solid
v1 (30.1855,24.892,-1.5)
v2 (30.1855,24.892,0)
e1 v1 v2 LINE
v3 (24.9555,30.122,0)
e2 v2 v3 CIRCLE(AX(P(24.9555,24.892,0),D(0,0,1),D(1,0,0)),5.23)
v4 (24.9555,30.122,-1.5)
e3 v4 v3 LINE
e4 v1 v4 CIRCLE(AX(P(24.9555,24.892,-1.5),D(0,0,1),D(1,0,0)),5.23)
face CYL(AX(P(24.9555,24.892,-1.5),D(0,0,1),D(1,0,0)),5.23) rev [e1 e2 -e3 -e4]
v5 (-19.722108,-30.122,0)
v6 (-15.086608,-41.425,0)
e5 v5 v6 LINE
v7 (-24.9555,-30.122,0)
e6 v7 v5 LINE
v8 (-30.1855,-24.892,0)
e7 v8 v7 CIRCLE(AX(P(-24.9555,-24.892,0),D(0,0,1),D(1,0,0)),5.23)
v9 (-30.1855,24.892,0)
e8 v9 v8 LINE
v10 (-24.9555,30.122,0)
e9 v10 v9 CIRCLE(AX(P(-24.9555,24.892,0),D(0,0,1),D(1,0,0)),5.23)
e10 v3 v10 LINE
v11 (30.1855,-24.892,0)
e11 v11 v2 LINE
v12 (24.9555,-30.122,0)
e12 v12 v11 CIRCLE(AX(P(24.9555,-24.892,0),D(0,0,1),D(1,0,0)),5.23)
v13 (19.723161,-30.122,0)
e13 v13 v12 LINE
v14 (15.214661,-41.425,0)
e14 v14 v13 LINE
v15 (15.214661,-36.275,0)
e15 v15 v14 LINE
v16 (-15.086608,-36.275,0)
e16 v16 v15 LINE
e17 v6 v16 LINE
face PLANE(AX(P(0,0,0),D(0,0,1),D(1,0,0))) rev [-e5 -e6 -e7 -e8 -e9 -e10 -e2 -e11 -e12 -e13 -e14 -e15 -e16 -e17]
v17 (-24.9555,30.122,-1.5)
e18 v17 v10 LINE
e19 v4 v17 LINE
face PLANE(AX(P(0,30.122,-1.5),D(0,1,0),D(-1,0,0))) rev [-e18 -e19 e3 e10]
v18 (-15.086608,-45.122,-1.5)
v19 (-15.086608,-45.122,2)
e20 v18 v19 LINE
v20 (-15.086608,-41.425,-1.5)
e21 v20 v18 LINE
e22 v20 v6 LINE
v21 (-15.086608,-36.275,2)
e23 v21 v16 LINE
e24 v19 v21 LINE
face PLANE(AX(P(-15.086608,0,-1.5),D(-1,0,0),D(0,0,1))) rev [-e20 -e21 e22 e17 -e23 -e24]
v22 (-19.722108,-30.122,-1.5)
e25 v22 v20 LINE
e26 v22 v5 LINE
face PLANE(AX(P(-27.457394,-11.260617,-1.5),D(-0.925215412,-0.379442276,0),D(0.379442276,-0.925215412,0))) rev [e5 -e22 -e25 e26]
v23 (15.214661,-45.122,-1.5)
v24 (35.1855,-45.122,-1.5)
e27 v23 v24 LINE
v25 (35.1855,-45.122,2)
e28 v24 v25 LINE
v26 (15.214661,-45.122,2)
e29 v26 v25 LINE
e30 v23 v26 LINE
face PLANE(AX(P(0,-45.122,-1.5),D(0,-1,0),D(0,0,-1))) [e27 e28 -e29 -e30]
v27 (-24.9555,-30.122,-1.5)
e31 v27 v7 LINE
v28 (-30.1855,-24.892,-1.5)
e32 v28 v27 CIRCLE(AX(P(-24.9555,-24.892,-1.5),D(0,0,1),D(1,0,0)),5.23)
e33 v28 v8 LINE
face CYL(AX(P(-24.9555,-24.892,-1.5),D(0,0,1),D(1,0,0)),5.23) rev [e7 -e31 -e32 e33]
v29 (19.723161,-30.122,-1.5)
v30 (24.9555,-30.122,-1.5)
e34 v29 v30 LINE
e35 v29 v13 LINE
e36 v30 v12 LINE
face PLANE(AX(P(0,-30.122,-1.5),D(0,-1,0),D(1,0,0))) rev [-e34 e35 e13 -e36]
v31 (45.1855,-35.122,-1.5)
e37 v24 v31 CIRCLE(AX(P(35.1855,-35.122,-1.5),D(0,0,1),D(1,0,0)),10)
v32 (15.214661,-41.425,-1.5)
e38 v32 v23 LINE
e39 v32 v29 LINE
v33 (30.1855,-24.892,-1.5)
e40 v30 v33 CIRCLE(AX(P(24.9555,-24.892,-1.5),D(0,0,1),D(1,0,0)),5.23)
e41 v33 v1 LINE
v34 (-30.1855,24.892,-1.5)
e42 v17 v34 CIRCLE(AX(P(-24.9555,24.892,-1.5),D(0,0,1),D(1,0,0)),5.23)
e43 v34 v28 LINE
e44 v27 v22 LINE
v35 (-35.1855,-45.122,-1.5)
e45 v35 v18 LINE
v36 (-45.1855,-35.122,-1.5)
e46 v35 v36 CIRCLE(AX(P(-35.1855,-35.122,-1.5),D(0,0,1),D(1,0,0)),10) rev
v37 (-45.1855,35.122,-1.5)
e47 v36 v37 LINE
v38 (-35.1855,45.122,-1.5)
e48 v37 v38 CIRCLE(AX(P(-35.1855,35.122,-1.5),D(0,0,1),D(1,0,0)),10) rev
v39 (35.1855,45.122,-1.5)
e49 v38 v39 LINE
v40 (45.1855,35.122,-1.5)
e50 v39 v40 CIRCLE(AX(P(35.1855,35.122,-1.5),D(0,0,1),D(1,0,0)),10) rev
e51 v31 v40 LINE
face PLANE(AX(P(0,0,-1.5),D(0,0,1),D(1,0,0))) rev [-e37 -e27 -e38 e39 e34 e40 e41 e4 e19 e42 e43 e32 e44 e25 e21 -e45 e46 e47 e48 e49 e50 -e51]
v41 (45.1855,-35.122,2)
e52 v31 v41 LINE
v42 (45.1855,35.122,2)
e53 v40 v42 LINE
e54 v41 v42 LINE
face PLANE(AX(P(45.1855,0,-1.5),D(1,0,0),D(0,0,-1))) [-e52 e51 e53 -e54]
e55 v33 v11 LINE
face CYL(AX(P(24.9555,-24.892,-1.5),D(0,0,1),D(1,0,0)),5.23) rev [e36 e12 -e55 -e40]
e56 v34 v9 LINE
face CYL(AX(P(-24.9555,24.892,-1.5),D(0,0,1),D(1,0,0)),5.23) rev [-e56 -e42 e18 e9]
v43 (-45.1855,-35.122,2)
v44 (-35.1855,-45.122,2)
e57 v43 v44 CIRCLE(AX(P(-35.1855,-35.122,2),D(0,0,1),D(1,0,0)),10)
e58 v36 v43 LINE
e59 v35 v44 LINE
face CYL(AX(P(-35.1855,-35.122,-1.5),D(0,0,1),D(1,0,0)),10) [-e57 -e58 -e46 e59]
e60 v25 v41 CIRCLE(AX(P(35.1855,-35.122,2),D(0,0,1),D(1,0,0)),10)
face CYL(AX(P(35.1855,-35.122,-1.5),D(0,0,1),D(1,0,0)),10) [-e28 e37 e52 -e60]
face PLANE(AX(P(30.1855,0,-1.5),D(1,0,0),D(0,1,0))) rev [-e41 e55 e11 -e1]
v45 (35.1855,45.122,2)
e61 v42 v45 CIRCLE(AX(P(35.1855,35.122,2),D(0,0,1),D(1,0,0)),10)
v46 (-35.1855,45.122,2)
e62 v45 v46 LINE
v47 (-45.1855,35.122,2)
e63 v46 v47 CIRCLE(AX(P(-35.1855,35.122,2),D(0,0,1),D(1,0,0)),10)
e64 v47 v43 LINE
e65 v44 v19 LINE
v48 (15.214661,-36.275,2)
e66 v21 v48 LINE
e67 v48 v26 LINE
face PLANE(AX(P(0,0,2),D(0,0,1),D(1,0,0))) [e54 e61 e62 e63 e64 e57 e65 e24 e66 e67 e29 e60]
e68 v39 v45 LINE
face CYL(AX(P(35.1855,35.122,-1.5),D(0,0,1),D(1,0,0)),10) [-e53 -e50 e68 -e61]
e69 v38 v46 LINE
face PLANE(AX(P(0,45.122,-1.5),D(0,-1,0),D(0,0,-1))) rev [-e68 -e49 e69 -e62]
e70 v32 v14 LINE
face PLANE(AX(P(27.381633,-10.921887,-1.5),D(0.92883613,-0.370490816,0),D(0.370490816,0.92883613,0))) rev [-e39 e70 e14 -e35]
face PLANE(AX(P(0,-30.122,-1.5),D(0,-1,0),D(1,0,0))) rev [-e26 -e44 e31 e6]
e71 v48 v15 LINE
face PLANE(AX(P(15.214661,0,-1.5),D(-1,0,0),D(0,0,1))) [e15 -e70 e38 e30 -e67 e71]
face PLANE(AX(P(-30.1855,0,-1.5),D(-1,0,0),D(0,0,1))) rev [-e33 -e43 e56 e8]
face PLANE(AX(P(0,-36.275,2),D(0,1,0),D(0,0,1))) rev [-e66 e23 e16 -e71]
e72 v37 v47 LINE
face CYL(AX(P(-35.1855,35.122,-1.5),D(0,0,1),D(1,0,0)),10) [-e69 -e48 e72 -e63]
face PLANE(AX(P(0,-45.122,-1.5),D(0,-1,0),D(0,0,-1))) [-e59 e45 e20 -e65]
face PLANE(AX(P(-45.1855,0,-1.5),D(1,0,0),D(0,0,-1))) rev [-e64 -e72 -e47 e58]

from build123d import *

# Parameters (mm, degrees)
BOSS_EXTRUDE1_DEPTH = 1.5
BOSS_EXTRUDE2_DEPTH = 2


with BuildPart() as part:
    # Sketch1 → Boss-Extrude1 (new body)
    with BuildSketch(Plane.XY):
        with BuildLine():
            Line((19.723160965, -30.122), (15.214660965, -41.425))
            Line((15.214660965, -41.425), (15.214660965, -45.122))
            Line((15.214660965, -45.122), (35.1855, -45.122))
            ThreePointArc((35.1855, -45.122), (42.256567812, -42.193067812), (45.1855, -35.122))
            Line((45.1855, -35.122), (45.1855, -30.122))
            Line((45.1855, -30.122), (45.1855, 35.122))
            ThreePointArc((45.1855, 35.122), (42.256567812, 42.193067812), (35.1855, 45.122))
            Line((35.1855, 45.122), (-35.1855, 45.122))
            ThreePointArc((-35.1855, 45.122), (-42.256567812, 42.193067812), (-45.1855, 35.122))
            Line((-45.1855, 35.122), (-45.1855, -30.122))
            Line((-45.1855, -30.122), (-45.1855, -35.122))
            ThreePointArc((-45.1855, -35.122), (-42.256567812, -42.193067812), (-35.1855, -45.122))
            Line((-35.1855, -45.122), (-15.086607553, -45.122))
            Line((-15.086607553, -45.122), (-15.086607553, -41.425))
            Line((-15.086607553, -41.425), (-19.722107553, -30.122))
            Line((-19.722107553, -30.122), (-24.9555, -30.122))
            ThreePointArc((-24.9555, -30.122), (-28.653668466, -28.590168466), (-30.1855, -24.892))
            Line((-30.1855, -24.892), (-30.1855, 24.892))
            ThreePointArc((-30.1855, 24.892), (-28.653668466, 28.590168466), (-24.9555, 30.122))
            Line((-24.9555, 30.122), (24.9555, 30.122))
            ThreePointArc((24.9555, 30.122), (28.653668466, 28.590168466), (30.1855, 24.892))
            Line((30.1855, 24.892), (30.1855, -24.892))
            ThreePointArc((30.1855, -24.892), (28.653668466, -28.590168466), (24.9555, -30.122))
            Line((24.9555, -30.122), (19.723160965, -30.122))
        make_face()
    extrude(amount=-BOSS_EXTRUDE1_DEPTH)

    # Sketch2 → Boss-Extrude2 (add)
    with BuildSketch(Plane.XY):
        with BuildLine():
            Line((-24.9555, 30.122), (24.9555, 30.122))
            ThreePointArc((24.9555, 30.122), (28.653668466, 28.590168466), (30.1855, 24.892))
            Line((30.1855, 24.892), (30.1855, -24.892))
            ThreePointArc((30.1855, -24.892), (28.653668466, -28.590168466), (24.9555, -30.122))
            Line((24.9555, -30.122), (19.723160965, -30.122))
            Line((19.723160965, -30.122), (15.214660965, -41.425))
            Line((15.214660965, -41.425), (15.214660965, -45.122))
            Line((15.214660965, -45.122), (35.1855, -45.122))
            ThreePointArc((35.1855, -45.122), (42.256567812, -42.193067812), (45.1855, -35.122))
            Line((45.1855, -35.122), (45.1855, 35.122))
            ThreePointArc((45.1855, 35.122), (42.256567812, 42.193067812), (35.1855, 45.122))
            Line((35.1855, 45.122), (-35.1855, 45.122))
            ThreePointArc((-35.1855, 45.122), (-42.256567812, 42.193067812), (-45.1855, 35.122))
            Line((-45.1855, 35.122), (-45.1855, -35.122))
            ThreePointArc((-45.1855, -35.122), (-42.256567812, -42.193067812), (-35.1855, -45.122))
            Line((-35.1855, -45.122), (-15.086607553, -45.122))
            Line((-15.086607553, -45.122), (-15.086607553, -41.425))
            Line((-15.086607553, -41.425), (-19.722107553, -30.122))
            Line((-19.722107553, -30.122), (-24.9555, -30.122))
            ThreePointArc((-24.9555, -30.122), (-28.653668466, -28.590168466), (-30.1855, -24.892))
            Line((-30.1855, -24.892), (-30.1855, 24.892))
            ThreePointArc((-30.1855, 24.892), (-28.653668466, 28.590168466), (-24.9555, 30.122))
        make_face()
        with BuildLine():
            Line((-19.722107553, -30.122), (-15.086607553, -41.425))
            Line((-15.086607553, -41.425), (-15.086607553, -36.275))
            Line((-15.086607553, -36.275), (15.214660965, -36.275))
            Line((15.214660965, -36.275), (15.214660965, -41.425))
            Line((15.214660965, -41.425), (19.723160965, -30.122))
            Line((19.723160965, -30.122), (24.9555, -30.122))
            ThreePointArc((24.9555, -30.122), (28.653668466, -28.590168466), (30.1855, -24.892))
            Line((30.1855, -24.892), (30.1855, 24.892))
            ThreePointArc((30.1855, 24.892), (28.653668466, 28.590168466), (24.9555, 30.122))
            Line((24.9555, 30.122), (-24.9555, 30.122))
            ThreePointArc((-24.9555, 30.122), (-28.653668466, 28.590168466), (-30.1855, 24.892))
            Line((-30.1855, 24.892), (-30.1855, -24.892))
            ThreePointArc((-30.1855, -24.892), (-28.653668466, -28.590168466), (-24.9555, -30.122))
            Line((-24.9555, -30.122), (-19.722107553, -30.122))
        make_face()
    extrude(amount=BOSS_EXTRUDE2_DEPTH)


solid = part.part
